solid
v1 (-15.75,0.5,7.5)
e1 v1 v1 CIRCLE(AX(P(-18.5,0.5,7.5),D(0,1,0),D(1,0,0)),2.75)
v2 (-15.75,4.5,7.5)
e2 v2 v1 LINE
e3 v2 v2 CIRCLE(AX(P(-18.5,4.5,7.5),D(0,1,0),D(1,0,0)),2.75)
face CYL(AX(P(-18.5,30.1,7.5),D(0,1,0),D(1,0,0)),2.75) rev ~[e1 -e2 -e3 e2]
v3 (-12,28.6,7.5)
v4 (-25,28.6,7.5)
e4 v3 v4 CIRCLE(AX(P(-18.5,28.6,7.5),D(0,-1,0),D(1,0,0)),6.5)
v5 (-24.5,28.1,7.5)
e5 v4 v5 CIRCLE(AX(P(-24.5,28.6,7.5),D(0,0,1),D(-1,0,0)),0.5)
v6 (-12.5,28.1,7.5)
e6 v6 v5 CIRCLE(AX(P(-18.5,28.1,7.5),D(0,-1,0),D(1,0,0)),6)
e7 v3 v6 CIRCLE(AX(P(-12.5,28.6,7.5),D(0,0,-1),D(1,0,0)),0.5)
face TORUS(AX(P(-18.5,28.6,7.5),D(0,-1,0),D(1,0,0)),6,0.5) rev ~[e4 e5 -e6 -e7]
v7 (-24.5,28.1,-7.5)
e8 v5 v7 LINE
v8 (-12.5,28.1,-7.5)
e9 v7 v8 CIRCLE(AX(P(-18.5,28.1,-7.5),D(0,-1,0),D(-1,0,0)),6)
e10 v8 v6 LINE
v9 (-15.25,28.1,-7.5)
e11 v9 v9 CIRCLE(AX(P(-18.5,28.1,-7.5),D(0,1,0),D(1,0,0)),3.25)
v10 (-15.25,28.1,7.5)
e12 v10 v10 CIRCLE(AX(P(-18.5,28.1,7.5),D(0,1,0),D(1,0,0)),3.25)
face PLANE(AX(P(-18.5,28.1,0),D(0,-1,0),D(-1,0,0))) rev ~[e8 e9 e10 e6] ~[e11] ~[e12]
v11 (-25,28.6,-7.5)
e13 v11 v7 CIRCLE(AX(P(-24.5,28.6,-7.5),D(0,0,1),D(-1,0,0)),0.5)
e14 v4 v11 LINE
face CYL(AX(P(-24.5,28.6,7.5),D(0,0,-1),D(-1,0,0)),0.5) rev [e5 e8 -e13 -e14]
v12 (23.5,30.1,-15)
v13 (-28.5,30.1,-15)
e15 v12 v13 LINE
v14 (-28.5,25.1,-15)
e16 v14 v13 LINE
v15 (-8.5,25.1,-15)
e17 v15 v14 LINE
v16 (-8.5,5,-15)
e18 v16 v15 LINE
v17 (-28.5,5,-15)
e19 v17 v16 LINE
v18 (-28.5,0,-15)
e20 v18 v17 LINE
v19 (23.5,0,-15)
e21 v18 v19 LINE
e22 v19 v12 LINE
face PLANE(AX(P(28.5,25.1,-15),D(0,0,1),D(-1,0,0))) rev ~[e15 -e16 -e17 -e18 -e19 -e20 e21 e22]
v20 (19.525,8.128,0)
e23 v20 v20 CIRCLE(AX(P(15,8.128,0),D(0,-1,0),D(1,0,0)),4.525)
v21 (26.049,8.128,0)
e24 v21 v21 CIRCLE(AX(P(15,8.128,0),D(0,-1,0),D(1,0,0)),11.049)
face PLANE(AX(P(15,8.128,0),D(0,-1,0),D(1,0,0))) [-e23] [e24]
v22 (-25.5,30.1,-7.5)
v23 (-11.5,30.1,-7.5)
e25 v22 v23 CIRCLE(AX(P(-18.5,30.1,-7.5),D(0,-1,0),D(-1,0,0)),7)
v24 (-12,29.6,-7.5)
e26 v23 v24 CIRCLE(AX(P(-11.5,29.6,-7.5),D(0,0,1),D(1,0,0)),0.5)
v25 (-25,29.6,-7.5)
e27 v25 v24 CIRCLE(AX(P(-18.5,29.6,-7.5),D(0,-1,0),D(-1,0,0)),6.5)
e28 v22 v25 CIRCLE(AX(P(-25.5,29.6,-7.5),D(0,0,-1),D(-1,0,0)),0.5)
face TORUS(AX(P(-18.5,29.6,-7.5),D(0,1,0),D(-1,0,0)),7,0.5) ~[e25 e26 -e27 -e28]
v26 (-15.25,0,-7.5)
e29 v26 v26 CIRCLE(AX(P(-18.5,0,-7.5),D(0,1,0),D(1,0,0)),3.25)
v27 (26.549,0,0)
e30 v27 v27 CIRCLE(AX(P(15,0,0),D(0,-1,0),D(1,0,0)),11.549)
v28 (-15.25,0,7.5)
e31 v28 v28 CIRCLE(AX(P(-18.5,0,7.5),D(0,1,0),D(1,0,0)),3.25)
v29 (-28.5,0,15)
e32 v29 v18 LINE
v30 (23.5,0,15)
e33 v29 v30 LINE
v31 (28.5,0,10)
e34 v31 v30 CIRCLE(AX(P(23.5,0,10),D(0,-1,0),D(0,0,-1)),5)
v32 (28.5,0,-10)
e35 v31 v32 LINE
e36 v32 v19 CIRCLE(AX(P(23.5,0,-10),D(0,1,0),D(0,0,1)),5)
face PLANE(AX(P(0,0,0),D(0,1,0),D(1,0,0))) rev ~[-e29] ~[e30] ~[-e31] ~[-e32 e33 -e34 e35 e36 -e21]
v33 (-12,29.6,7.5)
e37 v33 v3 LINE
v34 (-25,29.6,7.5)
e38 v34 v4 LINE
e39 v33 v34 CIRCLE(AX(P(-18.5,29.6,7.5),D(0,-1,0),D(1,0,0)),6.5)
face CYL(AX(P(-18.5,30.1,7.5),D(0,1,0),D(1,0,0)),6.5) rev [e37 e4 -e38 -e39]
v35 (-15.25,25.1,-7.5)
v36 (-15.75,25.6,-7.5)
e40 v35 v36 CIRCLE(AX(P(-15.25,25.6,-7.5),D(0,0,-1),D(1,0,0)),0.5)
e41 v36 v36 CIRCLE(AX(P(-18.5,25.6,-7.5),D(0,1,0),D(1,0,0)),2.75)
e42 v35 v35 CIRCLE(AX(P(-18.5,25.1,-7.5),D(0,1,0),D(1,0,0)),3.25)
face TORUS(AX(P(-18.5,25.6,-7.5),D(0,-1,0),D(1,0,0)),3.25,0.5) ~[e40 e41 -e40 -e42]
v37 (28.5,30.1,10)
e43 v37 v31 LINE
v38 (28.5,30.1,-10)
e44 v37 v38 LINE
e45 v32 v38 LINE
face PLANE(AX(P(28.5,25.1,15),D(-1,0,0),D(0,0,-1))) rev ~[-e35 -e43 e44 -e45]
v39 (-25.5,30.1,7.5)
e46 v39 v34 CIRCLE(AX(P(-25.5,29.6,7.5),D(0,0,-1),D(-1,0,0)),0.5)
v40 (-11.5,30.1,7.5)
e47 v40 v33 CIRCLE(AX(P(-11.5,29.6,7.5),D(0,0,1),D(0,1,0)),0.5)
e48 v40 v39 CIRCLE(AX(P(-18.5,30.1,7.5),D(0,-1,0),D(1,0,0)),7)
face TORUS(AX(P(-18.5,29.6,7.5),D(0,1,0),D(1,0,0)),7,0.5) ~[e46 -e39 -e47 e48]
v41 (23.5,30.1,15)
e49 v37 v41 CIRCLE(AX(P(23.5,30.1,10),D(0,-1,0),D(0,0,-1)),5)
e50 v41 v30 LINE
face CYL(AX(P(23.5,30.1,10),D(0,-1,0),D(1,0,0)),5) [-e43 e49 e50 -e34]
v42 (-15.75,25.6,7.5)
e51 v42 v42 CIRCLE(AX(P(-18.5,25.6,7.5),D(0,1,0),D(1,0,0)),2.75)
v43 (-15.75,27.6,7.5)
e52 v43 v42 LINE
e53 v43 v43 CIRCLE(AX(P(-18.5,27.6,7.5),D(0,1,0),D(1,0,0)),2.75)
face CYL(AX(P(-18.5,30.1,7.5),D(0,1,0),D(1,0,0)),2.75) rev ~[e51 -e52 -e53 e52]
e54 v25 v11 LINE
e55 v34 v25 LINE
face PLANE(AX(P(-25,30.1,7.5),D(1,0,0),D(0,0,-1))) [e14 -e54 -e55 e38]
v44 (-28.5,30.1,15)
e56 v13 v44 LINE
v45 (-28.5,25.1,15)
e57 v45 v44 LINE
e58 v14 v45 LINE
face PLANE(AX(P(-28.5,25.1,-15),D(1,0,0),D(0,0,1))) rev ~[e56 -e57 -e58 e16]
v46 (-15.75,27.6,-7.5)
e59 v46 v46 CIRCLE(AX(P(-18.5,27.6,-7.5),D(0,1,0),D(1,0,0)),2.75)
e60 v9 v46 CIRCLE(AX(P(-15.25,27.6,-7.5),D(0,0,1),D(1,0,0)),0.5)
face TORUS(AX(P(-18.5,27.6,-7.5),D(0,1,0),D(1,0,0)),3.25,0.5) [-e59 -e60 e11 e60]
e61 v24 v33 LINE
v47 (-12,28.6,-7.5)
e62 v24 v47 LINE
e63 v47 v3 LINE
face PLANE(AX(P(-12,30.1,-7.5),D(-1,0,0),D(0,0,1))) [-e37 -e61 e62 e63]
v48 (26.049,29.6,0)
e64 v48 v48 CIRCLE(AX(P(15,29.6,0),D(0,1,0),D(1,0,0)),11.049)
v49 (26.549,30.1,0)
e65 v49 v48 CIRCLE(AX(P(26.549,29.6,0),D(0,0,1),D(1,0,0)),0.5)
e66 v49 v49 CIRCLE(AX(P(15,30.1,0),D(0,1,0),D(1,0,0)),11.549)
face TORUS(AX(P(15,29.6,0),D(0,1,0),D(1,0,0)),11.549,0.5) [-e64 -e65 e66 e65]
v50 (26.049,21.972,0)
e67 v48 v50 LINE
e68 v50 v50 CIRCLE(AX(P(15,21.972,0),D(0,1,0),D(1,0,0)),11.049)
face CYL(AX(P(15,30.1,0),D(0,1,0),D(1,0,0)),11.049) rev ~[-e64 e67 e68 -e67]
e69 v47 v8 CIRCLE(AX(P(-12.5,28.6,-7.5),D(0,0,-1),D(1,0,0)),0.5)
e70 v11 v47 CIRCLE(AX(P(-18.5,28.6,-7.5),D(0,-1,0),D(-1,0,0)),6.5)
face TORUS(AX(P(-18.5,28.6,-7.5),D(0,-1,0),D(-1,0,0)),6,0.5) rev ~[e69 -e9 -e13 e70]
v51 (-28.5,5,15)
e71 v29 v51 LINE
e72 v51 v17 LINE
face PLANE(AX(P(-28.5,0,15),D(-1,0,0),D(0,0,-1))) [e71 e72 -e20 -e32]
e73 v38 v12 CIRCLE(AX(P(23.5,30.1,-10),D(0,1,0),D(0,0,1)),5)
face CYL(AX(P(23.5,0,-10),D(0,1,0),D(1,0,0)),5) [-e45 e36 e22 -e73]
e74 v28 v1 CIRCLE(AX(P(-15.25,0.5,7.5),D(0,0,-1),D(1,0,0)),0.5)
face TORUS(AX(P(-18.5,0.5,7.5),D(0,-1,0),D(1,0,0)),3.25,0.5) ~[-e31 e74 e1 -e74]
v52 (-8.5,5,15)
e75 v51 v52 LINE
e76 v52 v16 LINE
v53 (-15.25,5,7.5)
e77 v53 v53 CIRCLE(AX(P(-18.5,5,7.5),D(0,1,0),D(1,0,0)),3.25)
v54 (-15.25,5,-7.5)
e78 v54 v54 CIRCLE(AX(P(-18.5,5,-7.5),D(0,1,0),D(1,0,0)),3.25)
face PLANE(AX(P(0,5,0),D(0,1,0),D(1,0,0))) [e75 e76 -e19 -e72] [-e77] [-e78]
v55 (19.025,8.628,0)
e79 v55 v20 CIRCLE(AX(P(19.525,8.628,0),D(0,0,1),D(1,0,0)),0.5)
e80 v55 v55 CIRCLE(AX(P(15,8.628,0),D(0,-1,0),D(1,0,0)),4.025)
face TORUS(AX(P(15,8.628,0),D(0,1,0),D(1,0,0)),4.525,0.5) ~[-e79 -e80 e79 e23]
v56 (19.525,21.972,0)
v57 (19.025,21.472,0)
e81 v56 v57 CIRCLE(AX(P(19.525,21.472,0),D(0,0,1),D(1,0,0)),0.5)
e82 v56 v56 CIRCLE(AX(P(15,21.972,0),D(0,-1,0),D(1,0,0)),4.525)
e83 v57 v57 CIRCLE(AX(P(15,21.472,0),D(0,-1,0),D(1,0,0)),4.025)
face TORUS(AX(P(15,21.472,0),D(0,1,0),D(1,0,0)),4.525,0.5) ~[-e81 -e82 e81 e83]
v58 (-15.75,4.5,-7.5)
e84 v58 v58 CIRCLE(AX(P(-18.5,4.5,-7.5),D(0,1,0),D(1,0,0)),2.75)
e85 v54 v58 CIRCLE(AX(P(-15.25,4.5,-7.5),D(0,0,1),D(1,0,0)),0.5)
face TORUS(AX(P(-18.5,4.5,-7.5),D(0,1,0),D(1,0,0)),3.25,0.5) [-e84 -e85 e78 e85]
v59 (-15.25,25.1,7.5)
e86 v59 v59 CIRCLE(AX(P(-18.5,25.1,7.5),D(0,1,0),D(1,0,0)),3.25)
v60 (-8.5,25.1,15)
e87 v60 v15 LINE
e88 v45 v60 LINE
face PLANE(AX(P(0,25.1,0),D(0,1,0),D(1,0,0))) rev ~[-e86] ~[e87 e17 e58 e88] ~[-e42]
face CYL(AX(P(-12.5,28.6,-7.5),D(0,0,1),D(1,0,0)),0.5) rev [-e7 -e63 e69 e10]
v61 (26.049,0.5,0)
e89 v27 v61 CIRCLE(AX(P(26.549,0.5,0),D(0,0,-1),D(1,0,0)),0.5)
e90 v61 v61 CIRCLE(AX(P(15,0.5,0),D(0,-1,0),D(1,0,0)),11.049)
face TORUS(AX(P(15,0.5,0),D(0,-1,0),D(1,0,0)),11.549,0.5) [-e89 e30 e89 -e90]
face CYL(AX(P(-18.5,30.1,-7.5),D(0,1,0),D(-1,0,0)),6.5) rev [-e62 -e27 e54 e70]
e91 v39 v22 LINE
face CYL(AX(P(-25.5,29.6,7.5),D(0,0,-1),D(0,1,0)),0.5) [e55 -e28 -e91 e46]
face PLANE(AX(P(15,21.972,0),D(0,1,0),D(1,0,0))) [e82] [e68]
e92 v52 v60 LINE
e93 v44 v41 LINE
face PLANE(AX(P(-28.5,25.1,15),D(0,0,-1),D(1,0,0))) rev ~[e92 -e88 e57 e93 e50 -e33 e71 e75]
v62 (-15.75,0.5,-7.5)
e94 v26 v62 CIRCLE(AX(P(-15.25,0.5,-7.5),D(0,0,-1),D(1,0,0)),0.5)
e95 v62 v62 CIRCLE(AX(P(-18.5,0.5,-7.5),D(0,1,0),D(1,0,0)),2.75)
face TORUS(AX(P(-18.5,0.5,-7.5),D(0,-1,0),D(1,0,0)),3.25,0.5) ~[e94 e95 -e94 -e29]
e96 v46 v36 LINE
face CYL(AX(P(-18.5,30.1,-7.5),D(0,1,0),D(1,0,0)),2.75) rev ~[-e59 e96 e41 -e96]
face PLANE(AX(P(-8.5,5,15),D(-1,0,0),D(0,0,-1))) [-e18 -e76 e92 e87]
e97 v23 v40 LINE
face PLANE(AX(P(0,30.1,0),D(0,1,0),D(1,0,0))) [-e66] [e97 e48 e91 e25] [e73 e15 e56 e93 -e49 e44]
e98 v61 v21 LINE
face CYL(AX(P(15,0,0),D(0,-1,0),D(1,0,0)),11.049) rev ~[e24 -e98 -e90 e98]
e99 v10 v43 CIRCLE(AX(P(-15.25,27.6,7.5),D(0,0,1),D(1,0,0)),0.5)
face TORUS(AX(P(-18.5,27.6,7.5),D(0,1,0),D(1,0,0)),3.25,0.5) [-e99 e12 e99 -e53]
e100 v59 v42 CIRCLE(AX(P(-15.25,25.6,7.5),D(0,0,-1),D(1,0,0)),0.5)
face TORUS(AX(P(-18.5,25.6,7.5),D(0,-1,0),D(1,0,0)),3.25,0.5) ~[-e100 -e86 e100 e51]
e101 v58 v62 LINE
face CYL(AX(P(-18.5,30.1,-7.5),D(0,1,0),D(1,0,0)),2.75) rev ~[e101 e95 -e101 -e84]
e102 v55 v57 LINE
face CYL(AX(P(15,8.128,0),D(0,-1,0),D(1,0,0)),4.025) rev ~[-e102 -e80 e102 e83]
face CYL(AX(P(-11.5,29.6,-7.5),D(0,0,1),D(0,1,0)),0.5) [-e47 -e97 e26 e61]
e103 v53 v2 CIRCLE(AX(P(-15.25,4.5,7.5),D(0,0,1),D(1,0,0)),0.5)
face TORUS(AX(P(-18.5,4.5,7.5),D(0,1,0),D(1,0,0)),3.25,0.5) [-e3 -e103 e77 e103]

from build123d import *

# Parameters (mm, degrees)
SKETCH4_W           = 57
SKETCH4_H           = 30
BOSS_EXTRUDE2_DEPTH = 5
SKETCH5_W           = 37
SKETCH5_H           = 30
BOSS_EXTRUDE3_DEPTH = 20.1
BOSS_EXTRUDE4_DEPTH = 5
SKETCH7_R           = 2.75
CUT_EXTRUDE3_DEPTH  = 31.1
FILLET5_R           = 0.5
SKETCH8_R           = 11.049
CUT_EXTRUDE4_DEPTH  = 8.128
FILLET6_R           = 5
SKETCH11_R          = 11.049
CUT_EXTRUDE5_DEPTH  = 8.128
SKETCH12_R          = 4.025
CUT_EXTRUDE6_DEPTH  = 22.972
FILLET7_R           = 0.5
CUT_EXTRUDE7_DEPTH  = 2
FILLET8_R           = 0.5


with BuildPart() as part:
    # Sketch4 → Boss-Extrude2 (new body)
    with BuildSketch(Plane(origin=(0, 0, 0), x_dir=(1, 0, 0), z_dir=(0, 1, 0))):
        Rectangle(SKETCH4_W, SKETCH4_H)
    extrude(amount=BOSS_EXTRUDE2_DEPTH)

    # Sketch5 → Boss-Extrude3 (add)
    with BuildSketch(Plane(origin=(0, 5, 0), x_dir=(1, 0, 0), z_dir=(0, 1, 0))):
        with Locations((10, 0)):
            Rectangle(SKETCH5_W, SKETCH5_H)
    extrude(amount=BOSS_EXTRUDE3_DEPTH)

    # Sketch6 → Boss-Extrude4 (add)
    with BuildSketch(Plane(origin=(0, 25.1, 0), x_dir=(1, 0, 0), z_dir=(0, 1, 0))):
        Polygon((28.5, -15), (28.5, 15), (-8.5, 15), (-28.5, 15), (-28.5, -15), (-8.5, -15), align=None)
    extrude(amount=BOSS_EXTRUDE4_DEPTH)

    # Sketch7 → Cut-Extrude3 (cut, through all)
    with BuildSketch(Plane(origin=(0, 30.1, 0), x_dir=(1, 0, 0), z_dir=(0, 1, 0))):
        with Locations((-18.5, -7.5)):
            Circle(SKETCH7_R)
        with Locations((-18.5, 7.5)):
            Circle(SKETCH7_R)
    extrude(amount=-CUT_EXTRUDE3_DEPTH, mode=Mode.SUBTRACT)

    # Fillet5
    fillet5_edges = [part.edges().sort_by_distance(p)[0] for p in [
        (-21.25, 0, 7.5),
        (-21.25, 5, 7.5),
        (-21.25, 25.1, 7.5),
        (-21.25, 30.1, 7.5),
        (-21.25, 0, -7.5),
        (-21.25, 5, -7.5),
        (-21.25, 25.1, -7.5),
        (-21.25, 30.1, -7.5),
    ]]
    fillet(fillet5_edges, radius=FILLET5_R)

    # Sketch8 → Cut-Extrude4 (cut)
    with BuildSketch(Plane(origin=(0, 30.1, 0), x_dir=(1, 0, 0), z_dir=(0, 1, 0))):
        with Locations((15, 0)):
            Circle(SKETCH8_R)
    extrude(amount=-CUT_EXTRUDE4_DEPTH, mode=Mode.SUBTRACT)

    # Fillet6
    fillet6_edges = [part.edges().sort_by_distance(p)[0] for p in [
        (28.5, 15.05, 15),
        (28.5, 15.05, -15),
    ]]
    fillet(fillet6_edges, radius=FILLET6_R)

    # Sketch11 → Cut-Extrude5 (cut)
    with BuildSketch(Plane.XZ):
        with Locations((15, 0)):
            Circle(SKETCH11_R)
    extrude(amount=-CUT_EXTRUDE5_DEPTH, mode=Mode.SUBTRACT)

    # Sketch12 → Cut-Extrude6 (cut, through all)
    with BuildSketch(Plane.XZ.offset(-8.128)):
        with Locations((15, 0)):
            Circle(SKETCH12_R)
    extrude(amount=-CUT_EXTRUDE6_DEPTH, mode=Mode.SUBTRACT)

    # Fillet7
    fillet7_edges = [part.edges().sort_by_distance(p)[0] for p in [
        (3.951, 0, 0),
        (10.975, 21.972, 0),
        (10.975, 8.128, 0),
        (3.951, 30.1, 0),
    ]]
    fillet(fillet7_edges, radius=FILLET7_R)

    # Sketch13 → Cut-Extrude7 (cut)
    with BuildSketch(Plane(origin=(0, 30.1, 0), x_dir=(1, 0, 0), z_dir=(0, 1, 0))):
        with BuildLine():
            Line((-25, -7.5), (-25, 7.5))
            ThreePointArc((-25, 7.5), (-18.5, 14), (-12, 7.5))
            Line((-12, 7.5), (-12, -7.5))
            ThreePointArc((-12, -7.5), (-18.5, -14), (-25, -7.5))
        make_face()
    extrude(amount=-CUT_EXTRUDE7_DEPTH, mode=Mode.SUBTRACT)

    # Fillet8
    fillet8_edges = [part.edges().sort_by_distance(p)[0] for p in [
        (-21.25, 28.1, -7.5),
        (-18.5, 30.1, -14),
        (-25, 30.1, 0),
        (-18.5, 30.1, 14),
        (-12, 30.1, 0),
        (-18.5, 28.1, -14),
        (-12, 28.1, 0),
        (-18.5, 28.1, 14),
        (-25, 28.1, 0),
        (-21.25, 28.1, 7.5),
    ]]
    fillet(fillet8_edges, radius=FILLET8_R)


solid = part.part
